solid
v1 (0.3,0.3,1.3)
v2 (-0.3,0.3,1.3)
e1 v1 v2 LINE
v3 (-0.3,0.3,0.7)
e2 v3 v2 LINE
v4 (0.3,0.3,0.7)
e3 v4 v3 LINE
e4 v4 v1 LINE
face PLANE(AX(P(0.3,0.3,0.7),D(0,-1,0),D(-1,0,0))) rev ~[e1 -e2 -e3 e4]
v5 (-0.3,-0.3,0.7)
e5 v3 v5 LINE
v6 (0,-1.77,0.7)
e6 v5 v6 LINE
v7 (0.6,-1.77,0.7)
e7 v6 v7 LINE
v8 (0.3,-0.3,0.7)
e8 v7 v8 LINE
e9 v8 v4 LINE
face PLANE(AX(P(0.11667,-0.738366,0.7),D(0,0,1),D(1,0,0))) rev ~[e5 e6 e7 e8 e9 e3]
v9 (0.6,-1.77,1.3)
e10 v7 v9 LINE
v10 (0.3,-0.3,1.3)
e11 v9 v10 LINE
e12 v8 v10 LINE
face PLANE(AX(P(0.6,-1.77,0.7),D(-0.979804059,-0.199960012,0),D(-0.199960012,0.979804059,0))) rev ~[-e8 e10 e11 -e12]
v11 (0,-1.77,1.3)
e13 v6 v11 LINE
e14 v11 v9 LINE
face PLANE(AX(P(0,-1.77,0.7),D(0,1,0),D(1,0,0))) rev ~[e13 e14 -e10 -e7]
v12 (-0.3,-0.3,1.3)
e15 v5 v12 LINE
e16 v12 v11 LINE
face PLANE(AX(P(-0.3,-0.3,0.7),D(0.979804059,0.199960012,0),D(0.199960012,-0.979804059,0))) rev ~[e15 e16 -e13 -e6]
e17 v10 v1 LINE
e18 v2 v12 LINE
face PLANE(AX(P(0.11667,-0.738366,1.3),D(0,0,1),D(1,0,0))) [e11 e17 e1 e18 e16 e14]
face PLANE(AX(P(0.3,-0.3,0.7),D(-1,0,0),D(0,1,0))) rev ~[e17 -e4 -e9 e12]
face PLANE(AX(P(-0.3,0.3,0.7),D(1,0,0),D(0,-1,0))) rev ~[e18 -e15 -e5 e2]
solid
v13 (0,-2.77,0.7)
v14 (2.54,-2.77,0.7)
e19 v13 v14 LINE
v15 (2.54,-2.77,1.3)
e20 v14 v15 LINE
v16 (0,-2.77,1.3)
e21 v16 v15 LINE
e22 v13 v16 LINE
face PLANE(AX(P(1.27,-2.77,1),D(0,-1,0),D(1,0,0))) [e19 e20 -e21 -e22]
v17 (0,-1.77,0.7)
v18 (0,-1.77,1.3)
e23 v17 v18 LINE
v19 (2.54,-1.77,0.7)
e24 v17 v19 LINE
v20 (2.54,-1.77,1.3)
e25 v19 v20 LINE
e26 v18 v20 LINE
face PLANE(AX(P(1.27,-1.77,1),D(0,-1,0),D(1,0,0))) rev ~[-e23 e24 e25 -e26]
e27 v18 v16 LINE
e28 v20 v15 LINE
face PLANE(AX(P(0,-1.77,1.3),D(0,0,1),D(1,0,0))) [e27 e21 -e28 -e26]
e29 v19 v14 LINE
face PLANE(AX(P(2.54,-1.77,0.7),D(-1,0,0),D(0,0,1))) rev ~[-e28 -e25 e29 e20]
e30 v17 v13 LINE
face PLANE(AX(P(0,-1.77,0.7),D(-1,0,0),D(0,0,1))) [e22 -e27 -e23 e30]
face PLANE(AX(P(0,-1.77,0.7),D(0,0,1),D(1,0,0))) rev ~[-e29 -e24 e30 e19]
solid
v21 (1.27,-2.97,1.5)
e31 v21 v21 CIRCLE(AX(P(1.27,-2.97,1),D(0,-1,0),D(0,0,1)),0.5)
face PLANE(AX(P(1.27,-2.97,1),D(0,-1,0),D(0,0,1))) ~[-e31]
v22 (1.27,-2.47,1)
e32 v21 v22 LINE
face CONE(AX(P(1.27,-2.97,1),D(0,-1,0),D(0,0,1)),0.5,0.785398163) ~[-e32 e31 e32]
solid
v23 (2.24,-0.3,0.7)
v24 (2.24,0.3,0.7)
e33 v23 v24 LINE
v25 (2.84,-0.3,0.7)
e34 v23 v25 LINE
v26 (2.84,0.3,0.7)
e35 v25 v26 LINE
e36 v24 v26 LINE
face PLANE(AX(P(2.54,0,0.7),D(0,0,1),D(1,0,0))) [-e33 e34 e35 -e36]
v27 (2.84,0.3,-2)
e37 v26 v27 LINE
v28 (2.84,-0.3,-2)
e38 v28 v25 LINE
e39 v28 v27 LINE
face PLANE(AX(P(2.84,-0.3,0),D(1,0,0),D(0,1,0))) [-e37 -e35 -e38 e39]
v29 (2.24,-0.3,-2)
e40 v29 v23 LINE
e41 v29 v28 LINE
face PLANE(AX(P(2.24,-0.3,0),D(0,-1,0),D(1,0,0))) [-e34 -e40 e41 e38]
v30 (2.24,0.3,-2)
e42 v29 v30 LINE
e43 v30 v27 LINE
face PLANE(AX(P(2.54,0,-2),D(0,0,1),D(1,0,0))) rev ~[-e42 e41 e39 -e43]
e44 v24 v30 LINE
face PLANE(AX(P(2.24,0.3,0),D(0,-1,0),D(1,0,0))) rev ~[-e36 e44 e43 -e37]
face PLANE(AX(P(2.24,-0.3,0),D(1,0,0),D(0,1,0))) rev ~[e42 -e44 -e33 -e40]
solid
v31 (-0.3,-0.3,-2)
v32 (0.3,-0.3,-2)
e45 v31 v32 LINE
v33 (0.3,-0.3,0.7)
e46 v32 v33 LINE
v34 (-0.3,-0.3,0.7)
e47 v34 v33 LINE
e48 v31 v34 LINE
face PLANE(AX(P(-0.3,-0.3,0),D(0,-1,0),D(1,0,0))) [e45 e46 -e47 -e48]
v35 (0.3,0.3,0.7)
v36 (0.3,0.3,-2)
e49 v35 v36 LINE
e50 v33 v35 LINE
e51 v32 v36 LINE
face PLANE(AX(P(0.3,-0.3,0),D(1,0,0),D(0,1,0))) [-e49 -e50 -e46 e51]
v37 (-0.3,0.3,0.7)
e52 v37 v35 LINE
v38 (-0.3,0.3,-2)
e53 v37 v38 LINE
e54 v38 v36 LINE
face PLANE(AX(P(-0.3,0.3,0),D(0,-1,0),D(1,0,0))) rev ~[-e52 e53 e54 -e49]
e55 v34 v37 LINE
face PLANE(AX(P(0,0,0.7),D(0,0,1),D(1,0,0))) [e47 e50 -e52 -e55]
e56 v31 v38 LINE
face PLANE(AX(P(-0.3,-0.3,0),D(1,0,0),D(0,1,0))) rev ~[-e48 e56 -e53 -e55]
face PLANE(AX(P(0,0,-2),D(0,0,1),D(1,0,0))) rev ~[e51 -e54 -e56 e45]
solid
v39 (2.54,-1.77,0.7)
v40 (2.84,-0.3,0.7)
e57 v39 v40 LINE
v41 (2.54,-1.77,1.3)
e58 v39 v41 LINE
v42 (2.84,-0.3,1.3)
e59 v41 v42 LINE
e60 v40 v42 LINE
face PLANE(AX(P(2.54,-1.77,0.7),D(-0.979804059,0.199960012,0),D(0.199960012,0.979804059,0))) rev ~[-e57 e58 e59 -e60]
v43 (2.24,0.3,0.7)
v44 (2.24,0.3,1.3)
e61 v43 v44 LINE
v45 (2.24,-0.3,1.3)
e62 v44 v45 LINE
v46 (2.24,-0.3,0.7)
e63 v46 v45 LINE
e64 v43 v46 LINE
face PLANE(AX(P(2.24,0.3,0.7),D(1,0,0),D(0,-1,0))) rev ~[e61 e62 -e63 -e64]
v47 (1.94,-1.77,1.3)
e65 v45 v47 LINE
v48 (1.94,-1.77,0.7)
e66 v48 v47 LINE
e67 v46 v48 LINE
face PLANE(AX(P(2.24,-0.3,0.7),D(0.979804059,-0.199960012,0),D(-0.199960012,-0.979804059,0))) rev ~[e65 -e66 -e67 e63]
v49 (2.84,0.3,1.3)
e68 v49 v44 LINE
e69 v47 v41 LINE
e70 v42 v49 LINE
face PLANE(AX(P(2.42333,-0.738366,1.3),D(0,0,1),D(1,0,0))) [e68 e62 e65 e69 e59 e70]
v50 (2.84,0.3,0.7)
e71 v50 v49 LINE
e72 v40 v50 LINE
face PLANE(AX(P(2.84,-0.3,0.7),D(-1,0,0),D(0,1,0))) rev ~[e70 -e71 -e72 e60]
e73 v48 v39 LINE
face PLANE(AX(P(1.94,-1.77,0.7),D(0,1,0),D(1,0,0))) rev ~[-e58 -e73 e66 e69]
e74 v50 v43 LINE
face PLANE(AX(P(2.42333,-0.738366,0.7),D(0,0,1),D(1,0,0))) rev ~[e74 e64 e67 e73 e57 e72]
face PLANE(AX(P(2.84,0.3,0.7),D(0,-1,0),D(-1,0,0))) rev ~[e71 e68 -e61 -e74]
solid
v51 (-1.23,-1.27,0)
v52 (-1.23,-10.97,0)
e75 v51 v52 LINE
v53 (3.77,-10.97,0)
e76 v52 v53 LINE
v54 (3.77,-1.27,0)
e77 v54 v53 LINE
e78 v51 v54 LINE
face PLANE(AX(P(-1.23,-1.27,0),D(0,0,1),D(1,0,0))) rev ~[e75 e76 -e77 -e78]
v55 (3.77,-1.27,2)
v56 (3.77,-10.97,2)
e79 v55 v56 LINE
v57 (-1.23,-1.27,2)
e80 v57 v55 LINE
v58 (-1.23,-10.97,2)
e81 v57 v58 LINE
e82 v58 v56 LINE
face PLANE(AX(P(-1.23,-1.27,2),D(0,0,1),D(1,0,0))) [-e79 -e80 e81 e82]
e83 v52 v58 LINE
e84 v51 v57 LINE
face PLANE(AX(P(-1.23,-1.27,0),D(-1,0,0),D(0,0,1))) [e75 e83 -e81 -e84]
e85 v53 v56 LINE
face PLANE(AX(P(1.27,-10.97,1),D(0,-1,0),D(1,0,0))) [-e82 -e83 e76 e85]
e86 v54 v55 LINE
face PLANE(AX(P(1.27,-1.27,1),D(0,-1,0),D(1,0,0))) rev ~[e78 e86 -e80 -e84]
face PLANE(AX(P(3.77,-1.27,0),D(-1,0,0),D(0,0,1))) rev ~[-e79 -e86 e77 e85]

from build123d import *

# Parameters (mm, degrees)
SKETCH_W       = 0.6
SKETCH_H       = 0.6
PAD_DEPTH      = 0.7
PAD_DEPTH_BACK = 2
PAD001_DEPTH   = 0.6
SKETCH002_W    = 2.54
SKETCH002_H    = 0.6
PAD002_DEPTH   = 1
SKETCH004_W    = 5
SKETCH004_H    = 2
PAD003_DEPTH   = 9.7


with BuildPart() as pad:
    # Sketch → Pad (new body, two sides)
    with BuildSketch(Plane.XY) as pad_sk:
        Rectangle(SKETCH_W, SKETCH_H)
        with Locations((2.54, 0)):
            Rectangle(SKETCH_W, SKETCH_H)
    extrude(amount=PAD_DEPTH)
    extrude(pad_sk.sketch, amount=-PAD_DEPTH_BACK)


with BuildPart() as pad001:
    # Sketch001 → Pad001 (new body)
    with BuildSketch(Plane.XY.offset(0.7)):
        Polygon((0.3, 0.3), (-0.3, 0.3), (-0.3, -0.3), (0, -1.77), (0.6, -1.77), (0.3, -0.3), align=None)
        Polygon((2.84, 0.3), (2.24, 0.3), (2.24, -0.3), (1.94, -1.77), (2.54, -1.77), (2.84, -0.3), align=None)
    extrude(amount=PAD001_DEPTH)


with BuildPart() as pad002:
    # Sketch002 → Pad002 (new body)
    with BuildSketch(Plane.XZ.offset(1.77)):
        with Locations((1.27, 1)):
            Rectangle(SKETCH002_W, SKETCH002_H)
    extrude(amount=PAD002_DEPTH)


with BuildPart() as pad003:
    # Sketch004 → Pad003 (new body)
    with BuildSketch(Plane.XZ.offset(1.27)):
        with Locations((1.27, 1)):
            Rectangle(SKETCH004_W, SKETCH004_H)
    extrude(amount=PAD003_DEPTH)


with BuildPart() as revolution001:
    # Sketch005 → Revolution001 (revolve)
    with BuildSketch(Plane.YZ.offset(1.27)):
        Polygon((-2.47, 1), (-2.97, 1), (-2.97, 1.5), align=None)
    revolve(axis=Axis((1.27, -3.977201, 1), (0, -1, 0)))


solid = Compound([pad.part, pad001.part, pad002.part, pad003.part, revolution001.part])
